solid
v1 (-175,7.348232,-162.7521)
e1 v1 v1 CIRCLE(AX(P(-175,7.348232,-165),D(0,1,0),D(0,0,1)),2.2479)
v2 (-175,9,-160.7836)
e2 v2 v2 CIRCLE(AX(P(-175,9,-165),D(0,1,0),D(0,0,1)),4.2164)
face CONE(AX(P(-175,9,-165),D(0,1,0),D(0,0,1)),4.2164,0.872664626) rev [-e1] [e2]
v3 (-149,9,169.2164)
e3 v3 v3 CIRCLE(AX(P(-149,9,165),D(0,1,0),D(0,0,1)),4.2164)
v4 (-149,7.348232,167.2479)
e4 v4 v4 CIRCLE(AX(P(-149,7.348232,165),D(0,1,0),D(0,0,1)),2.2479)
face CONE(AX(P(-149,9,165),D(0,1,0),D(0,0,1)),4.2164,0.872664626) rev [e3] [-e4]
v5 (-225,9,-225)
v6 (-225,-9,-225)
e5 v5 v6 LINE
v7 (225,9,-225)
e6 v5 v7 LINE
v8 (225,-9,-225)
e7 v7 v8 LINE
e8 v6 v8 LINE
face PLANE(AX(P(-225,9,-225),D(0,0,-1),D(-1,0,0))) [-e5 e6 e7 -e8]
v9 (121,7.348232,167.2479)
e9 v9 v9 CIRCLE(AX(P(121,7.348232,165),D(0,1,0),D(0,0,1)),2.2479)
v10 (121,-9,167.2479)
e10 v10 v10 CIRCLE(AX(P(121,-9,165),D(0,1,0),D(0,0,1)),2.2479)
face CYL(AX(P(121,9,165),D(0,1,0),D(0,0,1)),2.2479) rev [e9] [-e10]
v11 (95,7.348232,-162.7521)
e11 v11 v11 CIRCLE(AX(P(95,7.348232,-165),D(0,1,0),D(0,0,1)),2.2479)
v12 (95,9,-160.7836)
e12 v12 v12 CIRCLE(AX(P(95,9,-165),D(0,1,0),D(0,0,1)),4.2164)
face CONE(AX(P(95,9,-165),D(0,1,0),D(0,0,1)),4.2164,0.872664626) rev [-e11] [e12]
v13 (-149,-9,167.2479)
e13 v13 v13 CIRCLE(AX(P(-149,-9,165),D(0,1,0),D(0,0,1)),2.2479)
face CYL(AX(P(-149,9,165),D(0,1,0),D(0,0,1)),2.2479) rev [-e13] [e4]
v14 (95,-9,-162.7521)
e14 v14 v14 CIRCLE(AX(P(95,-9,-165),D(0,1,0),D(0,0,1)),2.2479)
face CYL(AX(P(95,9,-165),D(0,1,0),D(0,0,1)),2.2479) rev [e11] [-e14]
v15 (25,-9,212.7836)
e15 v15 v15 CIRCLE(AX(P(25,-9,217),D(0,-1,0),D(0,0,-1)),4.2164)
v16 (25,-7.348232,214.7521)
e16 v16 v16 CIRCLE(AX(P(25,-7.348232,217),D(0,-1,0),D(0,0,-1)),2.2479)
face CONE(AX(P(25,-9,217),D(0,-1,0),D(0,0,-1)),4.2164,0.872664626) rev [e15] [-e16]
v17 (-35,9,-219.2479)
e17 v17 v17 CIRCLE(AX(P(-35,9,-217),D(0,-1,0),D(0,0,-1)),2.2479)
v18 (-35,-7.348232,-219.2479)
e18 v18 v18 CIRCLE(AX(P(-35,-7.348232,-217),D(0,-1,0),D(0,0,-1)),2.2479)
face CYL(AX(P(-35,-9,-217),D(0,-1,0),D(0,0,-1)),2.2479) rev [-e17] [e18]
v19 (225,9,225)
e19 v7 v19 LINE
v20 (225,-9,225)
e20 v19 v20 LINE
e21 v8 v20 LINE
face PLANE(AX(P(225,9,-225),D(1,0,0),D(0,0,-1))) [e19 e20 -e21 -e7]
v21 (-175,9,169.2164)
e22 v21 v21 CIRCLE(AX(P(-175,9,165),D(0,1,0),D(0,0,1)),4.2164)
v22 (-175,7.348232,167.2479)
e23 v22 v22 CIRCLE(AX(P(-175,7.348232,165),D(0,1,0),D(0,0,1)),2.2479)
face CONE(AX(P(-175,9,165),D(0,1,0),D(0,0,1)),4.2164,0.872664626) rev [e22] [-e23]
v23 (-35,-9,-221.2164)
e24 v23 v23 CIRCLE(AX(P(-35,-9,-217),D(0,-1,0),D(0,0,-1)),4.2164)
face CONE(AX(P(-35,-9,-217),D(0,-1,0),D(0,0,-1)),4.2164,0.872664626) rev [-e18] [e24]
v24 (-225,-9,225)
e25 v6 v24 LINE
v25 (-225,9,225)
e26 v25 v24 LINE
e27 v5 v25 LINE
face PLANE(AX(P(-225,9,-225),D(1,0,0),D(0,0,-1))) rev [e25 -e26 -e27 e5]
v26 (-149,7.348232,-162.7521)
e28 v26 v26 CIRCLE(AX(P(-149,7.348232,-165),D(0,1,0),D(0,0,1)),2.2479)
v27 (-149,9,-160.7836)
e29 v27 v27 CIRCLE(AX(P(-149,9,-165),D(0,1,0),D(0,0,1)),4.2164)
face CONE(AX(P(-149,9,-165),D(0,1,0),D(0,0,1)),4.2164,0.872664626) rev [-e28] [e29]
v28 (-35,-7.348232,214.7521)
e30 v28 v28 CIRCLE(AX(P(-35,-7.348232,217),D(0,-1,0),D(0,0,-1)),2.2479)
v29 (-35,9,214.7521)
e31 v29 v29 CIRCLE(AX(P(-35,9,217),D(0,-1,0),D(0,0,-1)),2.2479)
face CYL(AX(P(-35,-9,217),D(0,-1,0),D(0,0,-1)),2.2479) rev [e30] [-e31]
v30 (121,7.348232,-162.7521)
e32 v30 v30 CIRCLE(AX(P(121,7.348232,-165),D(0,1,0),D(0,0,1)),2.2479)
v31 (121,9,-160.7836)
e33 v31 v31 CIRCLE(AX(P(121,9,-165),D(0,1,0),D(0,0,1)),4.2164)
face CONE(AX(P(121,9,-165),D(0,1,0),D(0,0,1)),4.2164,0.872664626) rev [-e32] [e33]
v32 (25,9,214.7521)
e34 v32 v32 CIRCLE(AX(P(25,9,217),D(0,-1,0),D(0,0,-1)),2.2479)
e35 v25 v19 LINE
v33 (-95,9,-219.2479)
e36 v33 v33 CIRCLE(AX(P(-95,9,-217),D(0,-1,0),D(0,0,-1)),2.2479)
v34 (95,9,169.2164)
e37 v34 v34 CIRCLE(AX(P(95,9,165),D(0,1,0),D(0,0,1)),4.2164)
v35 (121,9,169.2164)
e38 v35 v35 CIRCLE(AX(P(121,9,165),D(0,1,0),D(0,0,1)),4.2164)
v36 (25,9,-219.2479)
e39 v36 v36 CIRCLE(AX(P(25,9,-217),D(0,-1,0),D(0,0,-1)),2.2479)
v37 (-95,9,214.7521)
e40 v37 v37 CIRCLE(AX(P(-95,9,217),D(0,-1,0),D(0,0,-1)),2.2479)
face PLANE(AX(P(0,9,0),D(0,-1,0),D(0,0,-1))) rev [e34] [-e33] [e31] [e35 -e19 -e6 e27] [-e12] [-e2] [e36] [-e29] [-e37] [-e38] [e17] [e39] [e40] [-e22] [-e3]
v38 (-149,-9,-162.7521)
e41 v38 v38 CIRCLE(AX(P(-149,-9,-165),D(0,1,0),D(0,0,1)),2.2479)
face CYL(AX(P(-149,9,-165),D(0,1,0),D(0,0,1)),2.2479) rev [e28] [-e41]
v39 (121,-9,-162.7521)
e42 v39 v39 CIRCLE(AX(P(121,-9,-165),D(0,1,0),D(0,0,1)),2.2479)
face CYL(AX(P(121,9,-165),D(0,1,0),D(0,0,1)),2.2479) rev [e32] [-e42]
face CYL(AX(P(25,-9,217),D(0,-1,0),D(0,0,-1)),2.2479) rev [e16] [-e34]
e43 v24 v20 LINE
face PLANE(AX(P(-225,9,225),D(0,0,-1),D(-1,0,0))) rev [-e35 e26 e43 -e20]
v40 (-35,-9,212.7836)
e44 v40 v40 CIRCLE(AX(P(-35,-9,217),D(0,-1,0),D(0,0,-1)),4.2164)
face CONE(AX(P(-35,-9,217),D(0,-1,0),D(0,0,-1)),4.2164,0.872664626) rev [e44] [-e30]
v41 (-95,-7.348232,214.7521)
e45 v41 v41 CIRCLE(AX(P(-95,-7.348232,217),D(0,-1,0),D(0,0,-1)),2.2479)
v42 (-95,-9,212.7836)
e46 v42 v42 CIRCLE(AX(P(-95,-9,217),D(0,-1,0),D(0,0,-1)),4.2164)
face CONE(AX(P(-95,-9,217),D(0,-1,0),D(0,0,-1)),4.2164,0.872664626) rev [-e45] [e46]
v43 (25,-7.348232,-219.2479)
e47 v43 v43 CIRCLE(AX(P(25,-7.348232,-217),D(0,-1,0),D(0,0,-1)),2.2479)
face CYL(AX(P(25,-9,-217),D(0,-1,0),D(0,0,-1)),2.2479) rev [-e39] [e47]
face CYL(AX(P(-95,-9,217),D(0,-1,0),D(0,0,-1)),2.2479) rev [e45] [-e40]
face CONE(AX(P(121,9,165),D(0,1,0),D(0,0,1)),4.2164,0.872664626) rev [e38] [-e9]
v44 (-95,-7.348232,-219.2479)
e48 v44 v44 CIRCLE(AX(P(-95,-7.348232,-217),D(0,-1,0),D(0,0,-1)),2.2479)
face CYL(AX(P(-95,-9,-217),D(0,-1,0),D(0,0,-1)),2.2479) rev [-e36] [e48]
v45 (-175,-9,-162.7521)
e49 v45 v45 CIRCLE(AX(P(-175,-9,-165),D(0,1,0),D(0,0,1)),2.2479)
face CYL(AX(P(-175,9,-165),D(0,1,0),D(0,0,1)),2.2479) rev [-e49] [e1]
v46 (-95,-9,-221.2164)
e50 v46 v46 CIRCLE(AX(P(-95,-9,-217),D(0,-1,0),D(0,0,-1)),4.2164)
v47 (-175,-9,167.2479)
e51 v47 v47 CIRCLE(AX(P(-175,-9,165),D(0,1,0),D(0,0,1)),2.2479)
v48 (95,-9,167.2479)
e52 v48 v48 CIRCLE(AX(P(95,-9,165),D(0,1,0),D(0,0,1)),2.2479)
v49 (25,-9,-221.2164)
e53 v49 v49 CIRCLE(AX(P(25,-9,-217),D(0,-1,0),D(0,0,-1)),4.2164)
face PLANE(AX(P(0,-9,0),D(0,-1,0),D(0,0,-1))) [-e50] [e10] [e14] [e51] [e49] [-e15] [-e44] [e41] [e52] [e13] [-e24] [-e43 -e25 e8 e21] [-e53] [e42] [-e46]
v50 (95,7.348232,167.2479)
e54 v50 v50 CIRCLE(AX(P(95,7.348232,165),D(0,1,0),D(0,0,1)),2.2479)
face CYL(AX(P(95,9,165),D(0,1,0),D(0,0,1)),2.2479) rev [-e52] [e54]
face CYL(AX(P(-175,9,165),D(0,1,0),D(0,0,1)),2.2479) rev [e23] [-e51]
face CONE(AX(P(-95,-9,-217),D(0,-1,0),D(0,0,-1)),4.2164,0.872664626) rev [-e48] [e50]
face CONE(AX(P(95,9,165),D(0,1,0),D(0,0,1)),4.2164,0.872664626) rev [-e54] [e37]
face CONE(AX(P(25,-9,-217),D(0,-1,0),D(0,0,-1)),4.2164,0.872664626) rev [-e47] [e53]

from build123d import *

# Parameters (mm, degrees)
SKETCH1_W                                         = 450
SKETCH1_H                                         = 450
BOSS_EXTRUDE1_DEPTH                               = 9
CSK_FOR_8_FLAT_HEAD_MACHINE_SCREW_100_D           = 4.4958
CSK_FOR_8_FLAT_HEAD_MACHINE_SCREW_100_CSINK_D     = 8.4328
CSK_FOR_8_FLAT_HEAD_MACHINE_SCREW_100_CSINK_ANGLE = 100
CSK_FOR_8_FLAT_HEAD_MACHINE_SCREW_2_D             = 4.4958
CSK_FOR_8_FLAT_HEAD_MACHINE_SCREW_2_CSINK_D       = 8.4328
CSK_FOR_8_FLAT_HEAD_MACHINE_SCREW_2_CSINK_ANGLE   = 100
LPATTERN1_COUNT                                   = 2
LPATTERN1_PITCH                                   = 270
MIRROR2_COPY_1_D                                  = 4.4958
MIRROR2_COPY_1_CSINK_D                            = 8.4328
MIRROR2_COPY_1_CSINK_ANGLE                        = 100


with BuildPart() as part:
    # Sketch1 → Boss-Extrude1 (new, symmetric)
    with BuildSketch(Plane(origin=(0, 0, 0), x_dir=(1, 0, 0), z_dir=(0, 1, 0))):
        Rectangle(SKETCH1_W, SKETCH1_H)
    extrude(amount=BOSS_EXTRUDE1_DEPTH, both=True)

    # CSK for _8 Flat Head Machine Screw _100 (through all)
    with Locations(Plane(origin=(-75, -9, 0), x_dir=(0, 0, -1), z_dir=(0, -1, 0))):
        with Locations((-217, 40), (-217, -20), (-217, 100)):
            csk_for_8_flat_head_machine_screw_100 = CounterSinkHole(CSK_FOR_8_FLAT_HEAD_MACHINE_SCREW_100_D / 2, CSK_FOR_8_FLAT_HEAD_MACHINE_SCREW_100_CSINK_D / 2, counter_sink_angle=CSK_FOR_8_FLAT_HEAD_MACHINE_SCREW_100_CSINK_ANGLE)

    # Mirror1: CSK for _8 Flat Head Machine Screw _100 across plane
    add(csk_for_8_flat_head_machine_screw_100.mirror(Plane.XY), mode=Mode.SUBTRACT)

    # CSK for _8 Flat Head Machine Screw _ 2 (through all)
    with Locations(Plane(origin=(0, 9, 0), x_dir=(-1, 0, 0), z_dir=(0, 1, 0))):
        with Locations((175, 165), (149, 165)):
            csk_for_8_flat_head_machine_screw_2 = CounterSinkHole(CSK_FOR_8_FLAT_HEAD_MACHINE_SCREW_2_D / 2, CSK_FOR_8_FLAT_HEAD_MACHINE_SCREW_2_CSINK_D / 2, counter_sink_angle=CSK_FOR_8_FLAT_HEAD_MACHINE_SCREW_2_CSINK_ANGLE)

    # LPattern1: CSK for _8 Flat Head Machine Screw _ 2 ×2
    with Locations(*[(i * LPATTERN1_PITCH, 0, 0) for i in range(1, LPATTERN1_COUNT)]):
        add(csk_for_8_flat_head_machine_screw_2, mode=Mode.SUBTRACT)

    # Mirror2: CSK for _8 Flat Head Machine Screw _ 2 across plane
    add(csk_for_8_flat_head_machine_screw_2.mirror(Plane.XY), mode=Mode.SUBTRACT)

    # Mirror2 copy 1 (through all)
    with Locations(Plane(origin=(270, 9, 0), x_dir=(-1, 0, 0), z_dir=(0, 1, 0))):
        with Locations((175, -165), (149, -165)):
            CounterSinkHole(MIRROR2_COPY_1_D / 2, MIRROR2_COPY_1_CSINK_D / 2, counter_sink_angle=MIRROR2_COPY_1_CSINK_ANGLE)


solid = part.part
